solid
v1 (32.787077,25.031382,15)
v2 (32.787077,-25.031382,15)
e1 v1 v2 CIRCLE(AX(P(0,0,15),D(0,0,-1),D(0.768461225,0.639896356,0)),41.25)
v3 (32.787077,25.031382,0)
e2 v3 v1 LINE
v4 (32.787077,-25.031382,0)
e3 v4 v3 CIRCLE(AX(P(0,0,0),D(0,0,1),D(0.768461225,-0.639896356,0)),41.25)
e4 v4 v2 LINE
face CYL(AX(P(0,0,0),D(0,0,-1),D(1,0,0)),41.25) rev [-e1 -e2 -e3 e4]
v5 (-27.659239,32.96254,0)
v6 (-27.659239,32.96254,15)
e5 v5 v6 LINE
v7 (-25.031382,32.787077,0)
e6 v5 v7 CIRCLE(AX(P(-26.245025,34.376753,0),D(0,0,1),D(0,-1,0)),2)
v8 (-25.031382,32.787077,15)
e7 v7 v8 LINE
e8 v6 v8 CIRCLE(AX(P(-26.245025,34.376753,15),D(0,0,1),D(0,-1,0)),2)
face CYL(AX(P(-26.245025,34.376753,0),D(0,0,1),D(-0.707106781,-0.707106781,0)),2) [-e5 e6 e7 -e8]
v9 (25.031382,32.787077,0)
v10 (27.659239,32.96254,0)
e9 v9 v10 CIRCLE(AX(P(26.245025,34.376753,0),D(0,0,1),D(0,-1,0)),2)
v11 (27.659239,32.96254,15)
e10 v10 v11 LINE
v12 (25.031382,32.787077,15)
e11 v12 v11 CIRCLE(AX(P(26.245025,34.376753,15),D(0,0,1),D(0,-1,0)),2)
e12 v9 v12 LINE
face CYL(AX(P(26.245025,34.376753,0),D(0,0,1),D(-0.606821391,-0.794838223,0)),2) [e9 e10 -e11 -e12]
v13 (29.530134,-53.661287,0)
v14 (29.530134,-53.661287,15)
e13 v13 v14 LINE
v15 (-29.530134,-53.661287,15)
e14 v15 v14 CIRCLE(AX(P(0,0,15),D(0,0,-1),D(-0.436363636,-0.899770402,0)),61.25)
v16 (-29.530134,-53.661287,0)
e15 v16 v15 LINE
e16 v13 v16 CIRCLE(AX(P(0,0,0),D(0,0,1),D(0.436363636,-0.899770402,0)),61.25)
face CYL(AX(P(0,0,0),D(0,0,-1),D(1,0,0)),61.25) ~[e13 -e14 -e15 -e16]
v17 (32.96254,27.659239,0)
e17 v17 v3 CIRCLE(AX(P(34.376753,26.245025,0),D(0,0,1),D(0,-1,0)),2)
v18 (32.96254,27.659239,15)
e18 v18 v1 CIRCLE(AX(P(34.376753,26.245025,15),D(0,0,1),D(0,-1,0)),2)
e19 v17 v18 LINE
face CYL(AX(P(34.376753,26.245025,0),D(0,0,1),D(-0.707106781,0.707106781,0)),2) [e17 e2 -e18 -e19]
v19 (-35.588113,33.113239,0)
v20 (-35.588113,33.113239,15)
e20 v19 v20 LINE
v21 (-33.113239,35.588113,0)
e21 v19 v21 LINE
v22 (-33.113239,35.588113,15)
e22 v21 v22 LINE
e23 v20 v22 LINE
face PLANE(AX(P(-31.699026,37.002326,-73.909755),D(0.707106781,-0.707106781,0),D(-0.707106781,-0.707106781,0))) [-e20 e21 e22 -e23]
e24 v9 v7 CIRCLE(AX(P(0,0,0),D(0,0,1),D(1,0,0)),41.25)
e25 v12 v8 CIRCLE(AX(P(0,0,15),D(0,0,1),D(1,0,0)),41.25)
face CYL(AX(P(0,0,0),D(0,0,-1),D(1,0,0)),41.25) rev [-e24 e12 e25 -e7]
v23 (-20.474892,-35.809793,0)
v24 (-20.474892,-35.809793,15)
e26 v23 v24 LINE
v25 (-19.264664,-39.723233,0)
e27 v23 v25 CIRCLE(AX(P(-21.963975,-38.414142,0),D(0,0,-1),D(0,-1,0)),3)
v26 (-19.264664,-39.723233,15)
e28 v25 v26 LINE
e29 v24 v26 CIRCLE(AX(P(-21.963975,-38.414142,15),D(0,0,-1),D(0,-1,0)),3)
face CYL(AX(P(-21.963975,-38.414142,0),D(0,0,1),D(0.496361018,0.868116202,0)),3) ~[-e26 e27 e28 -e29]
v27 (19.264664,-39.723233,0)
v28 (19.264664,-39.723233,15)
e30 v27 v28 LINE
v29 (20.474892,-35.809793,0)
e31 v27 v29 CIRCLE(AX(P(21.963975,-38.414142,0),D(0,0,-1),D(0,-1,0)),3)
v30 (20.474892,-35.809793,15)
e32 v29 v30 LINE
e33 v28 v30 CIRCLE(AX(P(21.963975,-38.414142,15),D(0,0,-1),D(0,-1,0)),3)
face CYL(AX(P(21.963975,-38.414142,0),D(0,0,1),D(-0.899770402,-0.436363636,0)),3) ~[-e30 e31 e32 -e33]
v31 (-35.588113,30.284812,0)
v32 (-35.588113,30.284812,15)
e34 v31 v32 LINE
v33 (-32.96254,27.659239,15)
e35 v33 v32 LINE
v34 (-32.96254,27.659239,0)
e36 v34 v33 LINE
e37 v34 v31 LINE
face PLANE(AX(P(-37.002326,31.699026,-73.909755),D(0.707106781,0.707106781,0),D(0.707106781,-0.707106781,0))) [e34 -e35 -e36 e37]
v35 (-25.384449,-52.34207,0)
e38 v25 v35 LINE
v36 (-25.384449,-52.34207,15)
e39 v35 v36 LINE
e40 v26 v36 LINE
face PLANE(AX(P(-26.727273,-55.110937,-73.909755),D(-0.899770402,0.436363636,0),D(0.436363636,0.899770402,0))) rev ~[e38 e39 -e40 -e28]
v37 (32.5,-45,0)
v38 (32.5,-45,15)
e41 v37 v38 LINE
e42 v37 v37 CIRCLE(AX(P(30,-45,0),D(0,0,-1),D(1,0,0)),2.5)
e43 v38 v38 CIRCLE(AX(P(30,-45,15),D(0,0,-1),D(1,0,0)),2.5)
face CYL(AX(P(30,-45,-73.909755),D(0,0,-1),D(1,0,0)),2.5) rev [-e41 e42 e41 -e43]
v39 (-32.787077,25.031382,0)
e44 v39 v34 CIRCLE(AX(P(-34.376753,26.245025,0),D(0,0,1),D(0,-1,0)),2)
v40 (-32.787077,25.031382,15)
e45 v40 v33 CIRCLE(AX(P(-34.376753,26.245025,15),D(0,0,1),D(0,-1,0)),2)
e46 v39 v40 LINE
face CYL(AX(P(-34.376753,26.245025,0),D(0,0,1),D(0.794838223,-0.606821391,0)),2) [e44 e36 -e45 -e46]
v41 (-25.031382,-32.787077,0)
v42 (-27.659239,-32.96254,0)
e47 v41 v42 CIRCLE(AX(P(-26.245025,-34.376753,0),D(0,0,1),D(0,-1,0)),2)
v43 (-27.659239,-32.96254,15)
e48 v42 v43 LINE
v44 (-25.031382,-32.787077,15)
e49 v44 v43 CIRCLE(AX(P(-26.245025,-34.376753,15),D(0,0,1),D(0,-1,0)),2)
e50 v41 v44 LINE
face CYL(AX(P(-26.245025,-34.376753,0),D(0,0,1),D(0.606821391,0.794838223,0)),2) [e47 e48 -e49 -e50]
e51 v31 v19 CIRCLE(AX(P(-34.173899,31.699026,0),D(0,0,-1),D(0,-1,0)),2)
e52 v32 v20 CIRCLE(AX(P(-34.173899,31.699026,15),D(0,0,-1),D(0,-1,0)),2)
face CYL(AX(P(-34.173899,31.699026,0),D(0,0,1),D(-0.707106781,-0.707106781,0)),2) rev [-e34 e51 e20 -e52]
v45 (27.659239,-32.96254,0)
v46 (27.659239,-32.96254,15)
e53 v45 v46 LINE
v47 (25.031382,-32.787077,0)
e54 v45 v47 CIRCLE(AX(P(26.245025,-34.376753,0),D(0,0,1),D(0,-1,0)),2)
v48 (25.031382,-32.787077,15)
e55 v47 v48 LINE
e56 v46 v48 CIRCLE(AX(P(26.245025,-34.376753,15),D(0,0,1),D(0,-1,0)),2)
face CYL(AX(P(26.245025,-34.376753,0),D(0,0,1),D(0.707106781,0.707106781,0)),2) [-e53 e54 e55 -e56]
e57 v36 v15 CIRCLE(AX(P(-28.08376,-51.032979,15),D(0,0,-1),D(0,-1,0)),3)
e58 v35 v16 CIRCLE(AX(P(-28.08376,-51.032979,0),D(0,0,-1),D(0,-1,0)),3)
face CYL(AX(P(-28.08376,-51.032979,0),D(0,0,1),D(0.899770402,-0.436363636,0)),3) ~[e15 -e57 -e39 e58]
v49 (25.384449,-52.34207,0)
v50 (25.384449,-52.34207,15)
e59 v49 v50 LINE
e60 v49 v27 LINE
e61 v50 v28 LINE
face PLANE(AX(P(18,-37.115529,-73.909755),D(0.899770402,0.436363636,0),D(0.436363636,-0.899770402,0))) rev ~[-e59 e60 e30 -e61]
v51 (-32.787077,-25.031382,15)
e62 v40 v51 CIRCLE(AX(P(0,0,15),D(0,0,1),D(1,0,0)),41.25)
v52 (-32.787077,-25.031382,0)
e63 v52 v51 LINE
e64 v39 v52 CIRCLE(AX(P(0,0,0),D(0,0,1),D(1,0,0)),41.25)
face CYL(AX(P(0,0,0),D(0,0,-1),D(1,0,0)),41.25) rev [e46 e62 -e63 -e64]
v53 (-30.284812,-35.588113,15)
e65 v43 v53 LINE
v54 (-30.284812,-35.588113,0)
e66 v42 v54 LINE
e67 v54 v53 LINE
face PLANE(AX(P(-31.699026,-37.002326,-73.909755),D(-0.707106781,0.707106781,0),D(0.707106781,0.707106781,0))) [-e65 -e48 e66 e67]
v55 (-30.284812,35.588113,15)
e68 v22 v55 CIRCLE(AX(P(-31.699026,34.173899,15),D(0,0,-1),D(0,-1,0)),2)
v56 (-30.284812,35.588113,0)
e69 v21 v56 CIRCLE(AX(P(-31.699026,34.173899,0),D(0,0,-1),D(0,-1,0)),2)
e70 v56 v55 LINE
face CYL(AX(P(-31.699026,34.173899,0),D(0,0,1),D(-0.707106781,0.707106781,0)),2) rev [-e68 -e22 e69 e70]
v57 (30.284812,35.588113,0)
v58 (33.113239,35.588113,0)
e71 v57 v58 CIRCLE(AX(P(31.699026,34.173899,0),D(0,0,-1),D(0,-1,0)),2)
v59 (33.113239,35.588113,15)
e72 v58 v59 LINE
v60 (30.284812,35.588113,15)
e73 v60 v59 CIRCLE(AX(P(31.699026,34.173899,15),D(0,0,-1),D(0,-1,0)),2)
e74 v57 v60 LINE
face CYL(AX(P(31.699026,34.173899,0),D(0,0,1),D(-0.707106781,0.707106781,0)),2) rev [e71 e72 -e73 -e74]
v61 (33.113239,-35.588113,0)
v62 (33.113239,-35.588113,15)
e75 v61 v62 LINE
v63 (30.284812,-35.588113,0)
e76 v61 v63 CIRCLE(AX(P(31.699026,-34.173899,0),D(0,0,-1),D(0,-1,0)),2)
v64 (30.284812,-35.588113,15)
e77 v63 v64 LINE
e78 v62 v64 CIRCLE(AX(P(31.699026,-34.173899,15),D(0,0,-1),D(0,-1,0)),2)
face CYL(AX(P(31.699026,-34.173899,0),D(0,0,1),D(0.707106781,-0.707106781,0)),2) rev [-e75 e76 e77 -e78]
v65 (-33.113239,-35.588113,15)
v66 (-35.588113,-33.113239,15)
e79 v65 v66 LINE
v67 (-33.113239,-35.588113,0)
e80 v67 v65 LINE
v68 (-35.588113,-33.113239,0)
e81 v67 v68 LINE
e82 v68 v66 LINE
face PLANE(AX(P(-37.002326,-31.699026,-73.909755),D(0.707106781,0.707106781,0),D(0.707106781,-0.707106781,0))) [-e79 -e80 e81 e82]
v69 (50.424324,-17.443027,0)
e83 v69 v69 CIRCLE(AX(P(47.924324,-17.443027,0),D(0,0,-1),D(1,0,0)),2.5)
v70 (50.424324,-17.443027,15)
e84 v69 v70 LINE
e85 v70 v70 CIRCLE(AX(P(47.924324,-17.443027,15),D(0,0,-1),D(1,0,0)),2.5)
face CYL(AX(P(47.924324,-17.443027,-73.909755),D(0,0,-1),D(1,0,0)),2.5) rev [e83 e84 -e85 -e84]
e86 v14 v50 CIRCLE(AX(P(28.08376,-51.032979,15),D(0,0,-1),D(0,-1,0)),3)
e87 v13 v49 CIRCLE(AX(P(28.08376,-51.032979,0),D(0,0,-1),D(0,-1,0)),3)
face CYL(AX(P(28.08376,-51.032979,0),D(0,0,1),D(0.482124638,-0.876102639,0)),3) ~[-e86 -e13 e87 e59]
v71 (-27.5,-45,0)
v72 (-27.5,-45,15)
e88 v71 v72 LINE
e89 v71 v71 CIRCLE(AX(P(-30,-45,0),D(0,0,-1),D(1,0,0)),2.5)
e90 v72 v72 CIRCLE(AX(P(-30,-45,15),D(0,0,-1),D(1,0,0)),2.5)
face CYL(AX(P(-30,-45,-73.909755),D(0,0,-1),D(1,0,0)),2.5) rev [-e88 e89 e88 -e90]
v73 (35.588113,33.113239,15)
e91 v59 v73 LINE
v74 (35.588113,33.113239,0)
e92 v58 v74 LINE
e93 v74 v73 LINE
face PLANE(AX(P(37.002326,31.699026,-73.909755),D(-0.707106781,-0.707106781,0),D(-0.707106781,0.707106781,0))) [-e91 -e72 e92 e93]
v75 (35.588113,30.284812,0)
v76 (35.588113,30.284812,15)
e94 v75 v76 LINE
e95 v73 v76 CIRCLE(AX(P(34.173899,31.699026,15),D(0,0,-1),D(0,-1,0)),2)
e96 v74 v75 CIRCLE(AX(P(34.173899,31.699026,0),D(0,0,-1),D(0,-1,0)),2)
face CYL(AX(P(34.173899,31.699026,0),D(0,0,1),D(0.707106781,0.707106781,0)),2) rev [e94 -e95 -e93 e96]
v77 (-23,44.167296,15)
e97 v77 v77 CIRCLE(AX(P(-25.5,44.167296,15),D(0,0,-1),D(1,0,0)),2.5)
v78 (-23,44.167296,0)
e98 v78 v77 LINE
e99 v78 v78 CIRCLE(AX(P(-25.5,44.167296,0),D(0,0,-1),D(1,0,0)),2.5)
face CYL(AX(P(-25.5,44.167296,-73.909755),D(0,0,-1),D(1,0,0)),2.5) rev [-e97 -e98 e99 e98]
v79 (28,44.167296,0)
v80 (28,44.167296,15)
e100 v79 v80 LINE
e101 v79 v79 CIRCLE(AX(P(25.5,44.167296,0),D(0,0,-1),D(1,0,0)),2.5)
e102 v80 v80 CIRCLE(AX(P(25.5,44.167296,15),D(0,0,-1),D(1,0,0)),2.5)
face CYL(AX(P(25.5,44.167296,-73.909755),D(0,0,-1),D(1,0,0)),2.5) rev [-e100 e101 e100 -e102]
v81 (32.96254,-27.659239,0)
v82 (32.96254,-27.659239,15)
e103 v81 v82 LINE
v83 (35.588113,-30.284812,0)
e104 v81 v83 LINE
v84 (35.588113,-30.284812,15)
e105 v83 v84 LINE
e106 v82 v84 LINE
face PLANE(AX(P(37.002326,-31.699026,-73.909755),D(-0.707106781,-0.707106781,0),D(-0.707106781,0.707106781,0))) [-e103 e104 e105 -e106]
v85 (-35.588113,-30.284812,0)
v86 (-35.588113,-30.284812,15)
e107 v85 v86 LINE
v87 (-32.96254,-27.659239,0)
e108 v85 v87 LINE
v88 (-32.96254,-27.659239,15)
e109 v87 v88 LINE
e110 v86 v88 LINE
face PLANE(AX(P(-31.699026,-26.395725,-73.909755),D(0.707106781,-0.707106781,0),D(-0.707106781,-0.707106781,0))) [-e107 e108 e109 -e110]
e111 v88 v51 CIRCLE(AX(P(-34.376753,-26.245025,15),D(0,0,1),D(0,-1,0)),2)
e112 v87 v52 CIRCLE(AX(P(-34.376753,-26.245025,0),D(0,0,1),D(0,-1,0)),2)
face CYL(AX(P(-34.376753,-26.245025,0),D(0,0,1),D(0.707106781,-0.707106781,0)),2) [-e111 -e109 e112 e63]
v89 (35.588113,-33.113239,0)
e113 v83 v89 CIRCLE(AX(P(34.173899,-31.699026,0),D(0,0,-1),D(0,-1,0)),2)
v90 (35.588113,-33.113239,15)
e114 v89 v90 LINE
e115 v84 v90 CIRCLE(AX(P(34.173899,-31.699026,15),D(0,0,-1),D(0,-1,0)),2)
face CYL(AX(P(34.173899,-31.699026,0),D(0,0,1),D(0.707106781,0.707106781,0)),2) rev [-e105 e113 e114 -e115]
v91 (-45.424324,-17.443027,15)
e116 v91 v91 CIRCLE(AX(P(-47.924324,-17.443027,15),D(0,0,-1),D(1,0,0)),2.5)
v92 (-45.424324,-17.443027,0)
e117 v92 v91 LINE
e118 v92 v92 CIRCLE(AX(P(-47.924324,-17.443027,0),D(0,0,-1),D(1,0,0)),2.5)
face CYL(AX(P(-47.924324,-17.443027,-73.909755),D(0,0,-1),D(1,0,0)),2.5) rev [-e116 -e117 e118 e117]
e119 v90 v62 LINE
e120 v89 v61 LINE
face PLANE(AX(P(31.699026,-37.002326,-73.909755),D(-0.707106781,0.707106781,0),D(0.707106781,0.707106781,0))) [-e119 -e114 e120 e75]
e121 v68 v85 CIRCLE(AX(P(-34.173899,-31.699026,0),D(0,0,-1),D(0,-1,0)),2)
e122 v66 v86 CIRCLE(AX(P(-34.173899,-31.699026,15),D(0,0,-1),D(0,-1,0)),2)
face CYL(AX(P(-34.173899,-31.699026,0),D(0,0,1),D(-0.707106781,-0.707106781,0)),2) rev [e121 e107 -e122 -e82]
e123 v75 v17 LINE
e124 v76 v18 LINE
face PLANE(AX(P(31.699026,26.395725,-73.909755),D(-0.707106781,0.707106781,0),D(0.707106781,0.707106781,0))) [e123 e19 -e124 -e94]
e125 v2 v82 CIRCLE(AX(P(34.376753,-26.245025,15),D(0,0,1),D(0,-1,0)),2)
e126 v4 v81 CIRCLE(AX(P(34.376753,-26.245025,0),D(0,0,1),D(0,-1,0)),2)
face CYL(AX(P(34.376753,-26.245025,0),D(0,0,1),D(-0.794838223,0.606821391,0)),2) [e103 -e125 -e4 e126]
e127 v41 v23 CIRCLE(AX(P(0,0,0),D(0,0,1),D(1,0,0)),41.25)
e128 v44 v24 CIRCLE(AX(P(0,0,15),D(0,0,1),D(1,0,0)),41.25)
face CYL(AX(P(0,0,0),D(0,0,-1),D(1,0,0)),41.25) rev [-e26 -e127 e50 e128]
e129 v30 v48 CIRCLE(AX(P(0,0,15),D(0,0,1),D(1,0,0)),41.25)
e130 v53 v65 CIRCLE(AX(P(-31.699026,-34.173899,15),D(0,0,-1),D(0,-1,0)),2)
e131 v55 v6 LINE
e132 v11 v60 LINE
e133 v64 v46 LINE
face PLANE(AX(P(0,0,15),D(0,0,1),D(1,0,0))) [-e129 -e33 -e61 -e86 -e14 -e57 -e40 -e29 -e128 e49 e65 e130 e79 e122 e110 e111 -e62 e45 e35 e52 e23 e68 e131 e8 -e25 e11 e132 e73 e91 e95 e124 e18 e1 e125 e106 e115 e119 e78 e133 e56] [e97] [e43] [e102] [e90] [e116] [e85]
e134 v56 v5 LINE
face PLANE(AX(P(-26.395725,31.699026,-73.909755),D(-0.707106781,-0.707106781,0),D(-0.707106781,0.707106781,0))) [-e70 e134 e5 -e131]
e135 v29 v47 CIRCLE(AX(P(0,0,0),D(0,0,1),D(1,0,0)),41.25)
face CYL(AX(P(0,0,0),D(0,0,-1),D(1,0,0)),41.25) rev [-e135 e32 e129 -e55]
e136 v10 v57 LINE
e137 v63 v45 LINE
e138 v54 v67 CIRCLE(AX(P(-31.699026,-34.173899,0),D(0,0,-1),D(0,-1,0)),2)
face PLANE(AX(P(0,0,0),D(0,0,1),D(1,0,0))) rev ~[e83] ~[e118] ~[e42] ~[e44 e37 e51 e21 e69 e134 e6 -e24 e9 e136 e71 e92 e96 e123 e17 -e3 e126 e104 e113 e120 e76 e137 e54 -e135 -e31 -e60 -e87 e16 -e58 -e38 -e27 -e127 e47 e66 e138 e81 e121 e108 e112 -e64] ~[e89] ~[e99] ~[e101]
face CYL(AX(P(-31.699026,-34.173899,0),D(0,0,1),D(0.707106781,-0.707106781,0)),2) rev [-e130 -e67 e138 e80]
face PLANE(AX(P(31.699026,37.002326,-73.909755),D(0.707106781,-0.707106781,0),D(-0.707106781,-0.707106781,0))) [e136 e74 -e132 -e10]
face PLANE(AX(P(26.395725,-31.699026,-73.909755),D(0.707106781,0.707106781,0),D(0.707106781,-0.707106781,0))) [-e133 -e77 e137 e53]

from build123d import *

# Parameters (mm, degrees)
ESQUISSE1_R                  = 61.25
ESQUISSE1_R_2                = 41.25
BOSS_EXTRU_1_DEPTH           = 15
ENL_V_MAT_EXTRU_1_DEPTH      = 88.909754863
ENL_V_MAT_EXTRU_1_DEPTH_BACK = 88.909754863
ENL_V_MAT_EXTRU_2_DEPTH      = 88.909754863
ENL_V_MAT_EXTRU_2_DEPTH_BACK = 88.909754863
CONG_1_R                     = 2
CONG_2_R                     = 3
ENL_V_MAT_EXTRU_3_DEPTH      = 88.909754863
ENL_V_MAT_EXTRU_3_DEPTH_BACK = 88.909754863
ESQUISSE4_R                  = 2.5


with BuildPart() as part:
    # Esquisse1 → Boss.-Extru.1 (new body)
    with BuildSketch(Plane.XY):
        Circle(ESQUISSE1_R)
        Circle(ESQUISSE1_R_2, mode=Mode.SUBTRACT)
    extrude(amount=BOSS_EXTRU_1_DEPTH)

    # Esquisse2 → Enlèv. mat.-Extru.1 (cut, two sides: drawn at the far end of the back side and taken through both)
    with BuildSketch(Plane.XY.offset(15).offset(-ENL_V_MAT_EXTRU_1_DEPTH_BACK)):
        Polygon((26.395724667, 31.699025526), (31.699025526, 26.395724667), (37.002326385, 31.699025526), (31.699025526, 37.002326385), align=None)
        Polygon((31.699025526, -26.395724667), (26.395724667, -31.699025526), (31.699025526, -37.002326385), (37.002326385, -31.699025526), align=None)
        Polygon((-26.395724667, -31.699025526), (-31.699025526, -26.395724667), (-37.002326385, -31.699025526), (-31.699025526, -37.002326385), align=None)
        Polygon((-31.699025526, 26.395724667), (-26.395724667, 31.699025526), (-31.699025526, 37.002326385), (-37.002326385, 31.699025526), align=None)
    extrude(amount=ENL_V_MAT_EXTRU_1_DEPTH + ENL_V_MAT_EXTRU_1_DEPTH_BACK, mode=Mode.SUBTRACT)

    # Esquisse3 → Enlèv. mat.-Extru.2 (cut, two sides: drawn at the far end of the back side and taken through both)
    with BuildSketch(Plane.XY.offset(15).offset(-ENL_V_MAT_EXTRU_2_DEPTH_BACK)):
        with BuildLine():
            Line((-26.727272727, -55.110937141), (-18, -37.115529095))
            ThreePointArc((-18, -37.115529095), (0, -41.25), (18, -37.115529095))
            Line((18, -37.115529095), (26.727272727, -55.110937141))
            ThreePointArc((26.727272727, -55.110937141), (0, -61.25), (-26.727272727, -55.110937141))
        make_face()
    extrude(amount=ENL_V_MAT_EXTRU_2_DEPTH + ENL_V_MAT_EXTRU_2_DEPTH_BACK, mode=Mode.SUBTRACT)

    # Congé1
    cong_1_edges = [part.edges().sort_by_distance(p)[0] for p in [
        (-31.699025526, 37.002326385, 7.5),
        (-26.395724667, 31.699025526, 7.5),
        (-31.699025526, 26.395724667, 7.5),
        (-37.002326385, 31.699025526, 7.5),
        (-37.002326385, -31.699025526, 7.5),
        (-31.699025526, -26.395724667, 7.5),
        (-26.395724667, -31.699025526, 7.5),
        (-31.699025526, -37.002326385, 7.5),
        (31.699025526, -37.002326385, 7.5),
        (26.395724667, -31.699025526, 7.5),
        (31.699025526, -26.395724667, 7.5),
        (37.002326385, -31.699025526, 7.5),
        (37.002326385, 31.699025526, 7.5),
        (31.699025526, 26.395724667, 7.5),
        (26.395724667, 31.699025526, 7.5),
        (31.699025526, 37.002326385, 7.5),
    ]]
    fillet(cong_1_edges, radius=CONG_1_R)

    # Congé2
    cong_2_edges = [part.edges().sort_by_distance(p)[0] for p in [
        (-18, -37.115529095, 7.5),
        (18, -37.115529095, 7.5),
        (26.727272727, -55.110937141, 7.5),
        (-26.727272727, -55.110937141, 7.5),
    ]]
    fillet(cong_2_edges, radius=CONG_2_R)

    # Esquisse4 → Enlèv. mat.-Extru.3 (cut, two sides: drawn at the far end of the back side and taken through both)
    with BuildSketch(Plane.XY.offset(15).offset(-ENL_V_MAT_EXTRU_3_DEPTH_BACK)):
        with Locations((-30, -45)):
            Circle(ESQUISSE4_R)
        with Locations((30, -45)):
            Circle(ESQUISSE4_R)
        with Locations((-47.92432366, -17.44302731)):
            Circle(ESQUISSE4_R)
        with Locations((-25.5, 44.167295593)):
            Circle(ESQUISSE4_R)
        with Locations((25.5, 44.167295593)):
            Circle(ESQUISSE4_R)
        with Locations((47.92432366, -17.44302731)):
            Circle(ESQUISSE4_R)
    extrude(amount=ENL_V_MAT_EXTRU_3_DEPTH + ENL_V_MAT_EXTRU_3_DEPTH_BACK, mode=Mode.SUBTRACT)


solid = part.part
